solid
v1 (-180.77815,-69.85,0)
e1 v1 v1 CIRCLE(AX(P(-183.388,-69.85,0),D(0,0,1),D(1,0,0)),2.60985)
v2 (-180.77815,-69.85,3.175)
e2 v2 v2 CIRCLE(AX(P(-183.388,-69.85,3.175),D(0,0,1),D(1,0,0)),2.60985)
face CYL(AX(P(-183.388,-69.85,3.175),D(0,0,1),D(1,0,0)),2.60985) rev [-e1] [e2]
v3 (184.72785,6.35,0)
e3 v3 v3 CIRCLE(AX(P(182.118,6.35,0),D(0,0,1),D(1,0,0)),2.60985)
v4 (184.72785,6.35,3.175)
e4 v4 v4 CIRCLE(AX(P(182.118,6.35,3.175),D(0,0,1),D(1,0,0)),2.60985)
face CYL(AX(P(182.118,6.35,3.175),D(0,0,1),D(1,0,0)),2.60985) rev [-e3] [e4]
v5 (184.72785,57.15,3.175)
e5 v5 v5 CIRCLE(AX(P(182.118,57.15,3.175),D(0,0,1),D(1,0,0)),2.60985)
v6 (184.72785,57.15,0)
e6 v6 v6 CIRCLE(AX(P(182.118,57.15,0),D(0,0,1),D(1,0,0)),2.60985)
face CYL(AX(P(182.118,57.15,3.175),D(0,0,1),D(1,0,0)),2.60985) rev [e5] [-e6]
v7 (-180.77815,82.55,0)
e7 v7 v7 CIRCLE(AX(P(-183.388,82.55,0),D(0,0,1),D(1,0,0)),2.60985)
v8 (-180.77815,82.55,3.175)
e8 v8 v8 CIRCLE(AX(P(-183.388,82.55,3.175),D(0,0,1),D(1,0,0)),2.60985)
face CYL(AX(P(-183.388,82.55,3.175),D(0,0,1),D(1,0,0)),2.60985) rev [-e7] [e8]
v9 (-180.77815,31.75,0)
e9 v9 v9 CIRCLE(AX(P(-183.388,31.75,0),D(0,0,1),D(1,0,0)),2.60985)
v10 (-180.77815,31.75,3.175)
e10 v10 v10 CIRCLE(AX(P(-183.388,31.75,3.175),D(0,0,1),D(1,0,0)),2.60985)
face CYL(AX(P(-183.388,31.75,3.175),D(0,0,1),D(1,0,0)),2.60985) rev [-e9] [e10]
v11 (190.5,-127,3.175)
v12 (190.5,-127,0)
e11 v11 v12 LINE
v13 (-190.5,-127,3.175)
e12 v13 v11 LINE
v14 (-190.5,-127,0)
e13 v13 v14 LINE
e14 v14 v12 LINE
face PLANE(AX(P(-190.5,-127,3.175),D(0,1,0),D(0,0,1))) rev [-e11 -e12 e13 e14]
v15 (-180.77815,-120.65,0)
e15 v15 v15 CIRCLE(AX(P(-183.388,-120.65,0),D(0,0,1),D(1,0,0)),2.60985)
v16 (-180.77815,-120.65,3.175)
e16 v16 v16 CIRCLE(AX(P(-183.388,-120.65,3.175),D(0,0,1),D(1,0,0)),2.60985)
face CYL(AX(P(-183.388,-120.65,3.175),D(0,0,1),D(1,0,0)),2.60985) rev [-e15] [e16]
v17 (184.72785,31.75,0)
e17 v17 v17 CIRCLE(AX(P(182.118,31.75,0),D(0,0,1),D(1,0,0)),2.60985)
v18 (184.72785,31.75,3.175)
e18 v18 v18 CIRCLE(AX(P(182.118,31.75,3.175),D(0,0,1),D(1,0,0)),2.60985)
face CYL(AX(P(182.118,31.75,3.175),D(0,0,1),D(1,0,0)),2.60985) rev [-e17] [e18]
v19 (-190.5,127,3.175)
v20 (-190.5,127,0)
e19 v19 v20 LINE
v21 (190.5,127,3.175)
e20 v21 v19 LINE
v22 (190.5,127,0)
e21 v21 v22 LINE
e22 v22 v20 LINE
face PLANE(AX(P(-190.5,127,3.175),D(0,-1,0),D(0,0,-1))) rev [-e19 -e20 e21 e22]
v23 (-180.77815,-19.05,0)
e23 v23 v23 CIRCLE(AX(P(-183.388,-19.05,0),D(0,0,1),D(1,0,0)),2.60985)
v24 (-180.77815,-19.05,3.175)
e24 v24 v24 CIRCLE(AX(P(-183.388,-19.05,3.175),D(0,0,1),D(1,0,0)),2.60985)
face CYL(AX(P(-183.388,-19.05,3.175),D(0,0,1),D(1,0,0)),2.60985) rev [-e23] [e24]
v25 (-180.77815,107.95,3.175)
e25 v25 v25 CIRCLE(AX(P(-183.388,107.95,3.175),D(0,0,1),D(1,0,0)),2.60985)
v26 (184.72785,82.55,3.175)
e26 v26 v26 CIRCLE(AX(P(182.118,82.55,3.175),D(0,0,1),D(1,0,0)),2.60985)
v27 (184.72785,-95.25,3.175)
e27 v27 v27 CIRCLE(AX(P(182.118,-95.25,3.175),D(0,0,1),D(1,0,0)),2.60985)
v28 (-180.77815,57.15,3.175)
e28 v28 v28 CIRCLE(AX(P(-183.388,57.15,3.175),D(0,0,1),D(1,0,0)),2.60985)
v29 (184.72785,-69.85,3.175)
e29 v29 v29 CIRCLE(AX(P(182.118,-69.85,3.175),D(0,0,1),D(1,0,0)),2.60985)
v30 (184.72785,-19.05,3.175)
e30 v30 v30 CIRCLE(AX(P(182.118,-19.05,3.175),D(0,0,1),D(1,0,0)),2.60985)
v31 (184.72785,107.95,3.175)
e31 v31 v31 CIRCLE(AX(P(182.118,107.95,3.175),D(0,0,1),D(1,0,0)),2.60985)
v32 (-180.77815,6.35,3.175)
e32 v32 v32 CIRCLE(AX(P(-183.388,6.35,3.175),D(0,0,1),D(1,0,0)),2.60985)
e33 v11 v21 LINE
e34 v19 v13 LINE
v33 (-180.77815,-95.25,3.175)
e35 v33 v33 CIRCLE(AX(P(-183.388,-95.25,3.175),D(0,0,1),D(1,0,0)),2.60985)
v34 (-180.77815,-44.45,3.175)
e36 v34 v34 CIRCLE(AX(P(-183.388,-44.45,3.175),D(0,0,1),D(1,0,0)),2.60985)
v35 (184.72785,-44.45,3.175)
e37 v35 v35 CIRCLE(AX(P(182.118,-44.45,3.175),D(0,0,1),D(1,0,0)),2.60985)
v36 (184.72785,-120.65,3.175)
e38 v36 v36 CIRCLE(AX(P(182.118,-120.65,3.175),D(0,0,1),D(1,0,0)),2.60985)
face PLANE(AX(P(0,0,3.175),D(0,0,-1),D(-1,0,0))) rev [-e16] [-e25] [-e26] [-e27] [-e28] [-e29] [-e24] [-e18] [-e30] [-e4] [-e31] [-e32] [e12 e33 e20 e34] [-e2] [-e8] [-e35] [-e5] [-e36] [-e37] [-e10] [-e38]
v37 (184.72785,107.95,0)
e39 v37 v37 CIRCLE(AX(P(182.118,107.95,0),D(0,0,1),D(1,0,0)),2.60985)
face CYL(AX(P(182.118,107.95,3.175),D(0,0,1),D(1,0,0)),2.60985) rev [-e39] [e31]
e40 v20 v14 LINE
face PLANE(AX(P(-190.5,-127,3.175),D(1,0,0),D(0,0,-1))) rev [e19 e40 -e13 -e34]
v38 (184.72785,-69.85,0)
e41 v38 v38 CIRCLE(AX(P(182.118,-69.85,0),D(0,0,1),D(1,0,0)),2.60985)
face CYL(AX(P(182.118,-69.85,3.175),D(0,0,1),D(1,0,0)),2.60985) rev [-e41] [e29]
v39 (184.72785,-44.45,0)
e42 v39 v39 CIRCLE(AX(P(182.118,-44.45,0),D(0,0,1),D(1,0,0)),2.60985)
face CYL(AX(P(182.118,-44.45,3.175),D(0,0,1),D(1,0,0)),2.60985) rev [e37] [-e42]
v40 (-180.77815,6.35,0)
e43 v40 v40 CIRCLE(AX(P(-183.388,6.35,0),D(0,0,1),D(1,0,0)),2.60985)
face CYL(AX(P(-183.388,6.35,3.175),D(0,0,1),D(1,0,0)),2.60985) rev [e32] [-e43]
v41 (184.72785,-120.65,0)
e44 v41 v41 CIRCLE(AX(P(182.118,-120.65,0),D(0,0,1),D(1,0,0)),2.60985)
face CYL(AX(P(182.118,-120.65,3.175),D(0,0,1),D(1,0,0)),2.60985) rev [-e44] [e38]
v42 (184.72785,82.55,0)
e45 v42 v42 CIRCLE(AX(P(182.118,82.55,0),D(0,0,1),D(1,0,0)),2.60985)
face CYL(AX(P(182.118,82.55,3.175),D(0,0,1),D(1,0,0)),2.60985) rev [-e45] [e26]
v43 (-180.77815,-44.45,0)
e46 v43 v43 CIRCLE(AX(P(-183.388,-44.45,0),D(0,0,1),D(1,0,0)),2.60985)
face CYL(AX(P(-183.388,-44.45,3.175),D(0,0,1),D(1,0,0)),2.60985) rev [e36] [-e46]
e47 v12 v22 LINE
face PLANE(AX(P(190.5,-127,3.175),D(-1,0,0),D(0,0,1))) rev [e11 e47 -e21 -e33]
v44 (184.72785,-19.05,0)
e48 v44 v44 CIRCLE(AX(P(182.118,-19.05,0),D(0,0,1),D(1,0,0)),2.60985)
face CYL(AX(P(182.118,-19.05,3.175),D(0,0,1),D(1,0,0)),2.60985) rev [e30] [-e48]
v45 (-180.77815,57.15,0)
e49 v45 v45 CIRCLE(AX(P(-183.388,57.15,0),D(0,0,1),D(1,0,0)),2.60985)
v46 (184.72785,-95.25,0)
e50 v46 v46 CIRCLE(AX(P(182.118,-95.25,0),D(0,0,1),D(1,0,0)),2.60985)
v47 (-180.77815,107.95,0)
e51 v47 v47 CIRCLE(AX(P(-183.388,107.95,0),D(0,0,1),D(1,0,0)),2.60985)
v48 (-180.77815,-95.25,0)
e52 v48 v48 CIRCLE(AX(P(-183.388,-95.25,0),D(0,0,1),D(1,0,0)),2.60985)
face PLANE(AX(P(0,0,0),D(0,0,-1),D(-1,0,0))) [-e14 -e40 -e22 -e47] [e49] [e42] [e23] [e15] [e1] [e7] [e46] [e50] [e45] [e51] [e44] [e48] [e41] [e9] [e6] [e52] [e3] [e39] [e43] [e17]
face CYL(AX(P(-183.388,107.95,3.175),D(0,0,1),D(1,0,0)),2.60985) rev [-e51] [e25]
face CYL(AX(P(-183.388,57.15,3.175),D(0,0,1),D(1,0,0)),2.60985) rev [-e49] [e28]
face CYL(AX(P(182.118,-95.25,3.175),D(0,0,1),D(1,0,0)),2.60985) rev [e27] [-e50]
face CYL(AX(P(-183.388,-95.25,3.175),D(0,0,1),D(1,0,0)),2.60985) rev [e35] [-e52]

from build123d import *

# Parameters (mm, degrees)
SKETCH1_W                   = 381
SKETCH1_H                   = 254
BOSS_EXTRUDE1_DEPTH         = 3.175
F_5_0_2055_DIAMETER_HOLE1_D = 5.2197


with BuildPart() as part:
    # Sketch1 → Boss-Extrude1 (new body)
    with BuildSketch(Plane.XY):
        Rectangle(SKETCH1_W, SKETCH1_H)
    extrude(amount=BOSS_EXTRUDE1_DEPTH)

    # #5 (0.2055) Diameter Hole1 (through all)
    with Locations(Plane.XY.offset(3.175)):
        with Locations((-183.388, 107.95), (-183.388, 82.55), (-183.388, 57.15), (-183.388, 31.75), (-183.388, 6.35), (-183.388, -19.05), (-183.388, -44.45), (-183.388, -69.85), (-183.388, -120.65), (-183.388, -95.25), (182.118, -120.65), (182.118, -95.25), (182.118, -69.85), (182.118, -44.45), (182.118, -19.05), (182.118, 6.35), (182.118, 31.75), (182.118, 57.15), (182.118, 82.55), (182.118, 107.95)):
            Hole(F_5_0_2055_DIAMETER_HOLE1_D / 2)


solid = part.part
